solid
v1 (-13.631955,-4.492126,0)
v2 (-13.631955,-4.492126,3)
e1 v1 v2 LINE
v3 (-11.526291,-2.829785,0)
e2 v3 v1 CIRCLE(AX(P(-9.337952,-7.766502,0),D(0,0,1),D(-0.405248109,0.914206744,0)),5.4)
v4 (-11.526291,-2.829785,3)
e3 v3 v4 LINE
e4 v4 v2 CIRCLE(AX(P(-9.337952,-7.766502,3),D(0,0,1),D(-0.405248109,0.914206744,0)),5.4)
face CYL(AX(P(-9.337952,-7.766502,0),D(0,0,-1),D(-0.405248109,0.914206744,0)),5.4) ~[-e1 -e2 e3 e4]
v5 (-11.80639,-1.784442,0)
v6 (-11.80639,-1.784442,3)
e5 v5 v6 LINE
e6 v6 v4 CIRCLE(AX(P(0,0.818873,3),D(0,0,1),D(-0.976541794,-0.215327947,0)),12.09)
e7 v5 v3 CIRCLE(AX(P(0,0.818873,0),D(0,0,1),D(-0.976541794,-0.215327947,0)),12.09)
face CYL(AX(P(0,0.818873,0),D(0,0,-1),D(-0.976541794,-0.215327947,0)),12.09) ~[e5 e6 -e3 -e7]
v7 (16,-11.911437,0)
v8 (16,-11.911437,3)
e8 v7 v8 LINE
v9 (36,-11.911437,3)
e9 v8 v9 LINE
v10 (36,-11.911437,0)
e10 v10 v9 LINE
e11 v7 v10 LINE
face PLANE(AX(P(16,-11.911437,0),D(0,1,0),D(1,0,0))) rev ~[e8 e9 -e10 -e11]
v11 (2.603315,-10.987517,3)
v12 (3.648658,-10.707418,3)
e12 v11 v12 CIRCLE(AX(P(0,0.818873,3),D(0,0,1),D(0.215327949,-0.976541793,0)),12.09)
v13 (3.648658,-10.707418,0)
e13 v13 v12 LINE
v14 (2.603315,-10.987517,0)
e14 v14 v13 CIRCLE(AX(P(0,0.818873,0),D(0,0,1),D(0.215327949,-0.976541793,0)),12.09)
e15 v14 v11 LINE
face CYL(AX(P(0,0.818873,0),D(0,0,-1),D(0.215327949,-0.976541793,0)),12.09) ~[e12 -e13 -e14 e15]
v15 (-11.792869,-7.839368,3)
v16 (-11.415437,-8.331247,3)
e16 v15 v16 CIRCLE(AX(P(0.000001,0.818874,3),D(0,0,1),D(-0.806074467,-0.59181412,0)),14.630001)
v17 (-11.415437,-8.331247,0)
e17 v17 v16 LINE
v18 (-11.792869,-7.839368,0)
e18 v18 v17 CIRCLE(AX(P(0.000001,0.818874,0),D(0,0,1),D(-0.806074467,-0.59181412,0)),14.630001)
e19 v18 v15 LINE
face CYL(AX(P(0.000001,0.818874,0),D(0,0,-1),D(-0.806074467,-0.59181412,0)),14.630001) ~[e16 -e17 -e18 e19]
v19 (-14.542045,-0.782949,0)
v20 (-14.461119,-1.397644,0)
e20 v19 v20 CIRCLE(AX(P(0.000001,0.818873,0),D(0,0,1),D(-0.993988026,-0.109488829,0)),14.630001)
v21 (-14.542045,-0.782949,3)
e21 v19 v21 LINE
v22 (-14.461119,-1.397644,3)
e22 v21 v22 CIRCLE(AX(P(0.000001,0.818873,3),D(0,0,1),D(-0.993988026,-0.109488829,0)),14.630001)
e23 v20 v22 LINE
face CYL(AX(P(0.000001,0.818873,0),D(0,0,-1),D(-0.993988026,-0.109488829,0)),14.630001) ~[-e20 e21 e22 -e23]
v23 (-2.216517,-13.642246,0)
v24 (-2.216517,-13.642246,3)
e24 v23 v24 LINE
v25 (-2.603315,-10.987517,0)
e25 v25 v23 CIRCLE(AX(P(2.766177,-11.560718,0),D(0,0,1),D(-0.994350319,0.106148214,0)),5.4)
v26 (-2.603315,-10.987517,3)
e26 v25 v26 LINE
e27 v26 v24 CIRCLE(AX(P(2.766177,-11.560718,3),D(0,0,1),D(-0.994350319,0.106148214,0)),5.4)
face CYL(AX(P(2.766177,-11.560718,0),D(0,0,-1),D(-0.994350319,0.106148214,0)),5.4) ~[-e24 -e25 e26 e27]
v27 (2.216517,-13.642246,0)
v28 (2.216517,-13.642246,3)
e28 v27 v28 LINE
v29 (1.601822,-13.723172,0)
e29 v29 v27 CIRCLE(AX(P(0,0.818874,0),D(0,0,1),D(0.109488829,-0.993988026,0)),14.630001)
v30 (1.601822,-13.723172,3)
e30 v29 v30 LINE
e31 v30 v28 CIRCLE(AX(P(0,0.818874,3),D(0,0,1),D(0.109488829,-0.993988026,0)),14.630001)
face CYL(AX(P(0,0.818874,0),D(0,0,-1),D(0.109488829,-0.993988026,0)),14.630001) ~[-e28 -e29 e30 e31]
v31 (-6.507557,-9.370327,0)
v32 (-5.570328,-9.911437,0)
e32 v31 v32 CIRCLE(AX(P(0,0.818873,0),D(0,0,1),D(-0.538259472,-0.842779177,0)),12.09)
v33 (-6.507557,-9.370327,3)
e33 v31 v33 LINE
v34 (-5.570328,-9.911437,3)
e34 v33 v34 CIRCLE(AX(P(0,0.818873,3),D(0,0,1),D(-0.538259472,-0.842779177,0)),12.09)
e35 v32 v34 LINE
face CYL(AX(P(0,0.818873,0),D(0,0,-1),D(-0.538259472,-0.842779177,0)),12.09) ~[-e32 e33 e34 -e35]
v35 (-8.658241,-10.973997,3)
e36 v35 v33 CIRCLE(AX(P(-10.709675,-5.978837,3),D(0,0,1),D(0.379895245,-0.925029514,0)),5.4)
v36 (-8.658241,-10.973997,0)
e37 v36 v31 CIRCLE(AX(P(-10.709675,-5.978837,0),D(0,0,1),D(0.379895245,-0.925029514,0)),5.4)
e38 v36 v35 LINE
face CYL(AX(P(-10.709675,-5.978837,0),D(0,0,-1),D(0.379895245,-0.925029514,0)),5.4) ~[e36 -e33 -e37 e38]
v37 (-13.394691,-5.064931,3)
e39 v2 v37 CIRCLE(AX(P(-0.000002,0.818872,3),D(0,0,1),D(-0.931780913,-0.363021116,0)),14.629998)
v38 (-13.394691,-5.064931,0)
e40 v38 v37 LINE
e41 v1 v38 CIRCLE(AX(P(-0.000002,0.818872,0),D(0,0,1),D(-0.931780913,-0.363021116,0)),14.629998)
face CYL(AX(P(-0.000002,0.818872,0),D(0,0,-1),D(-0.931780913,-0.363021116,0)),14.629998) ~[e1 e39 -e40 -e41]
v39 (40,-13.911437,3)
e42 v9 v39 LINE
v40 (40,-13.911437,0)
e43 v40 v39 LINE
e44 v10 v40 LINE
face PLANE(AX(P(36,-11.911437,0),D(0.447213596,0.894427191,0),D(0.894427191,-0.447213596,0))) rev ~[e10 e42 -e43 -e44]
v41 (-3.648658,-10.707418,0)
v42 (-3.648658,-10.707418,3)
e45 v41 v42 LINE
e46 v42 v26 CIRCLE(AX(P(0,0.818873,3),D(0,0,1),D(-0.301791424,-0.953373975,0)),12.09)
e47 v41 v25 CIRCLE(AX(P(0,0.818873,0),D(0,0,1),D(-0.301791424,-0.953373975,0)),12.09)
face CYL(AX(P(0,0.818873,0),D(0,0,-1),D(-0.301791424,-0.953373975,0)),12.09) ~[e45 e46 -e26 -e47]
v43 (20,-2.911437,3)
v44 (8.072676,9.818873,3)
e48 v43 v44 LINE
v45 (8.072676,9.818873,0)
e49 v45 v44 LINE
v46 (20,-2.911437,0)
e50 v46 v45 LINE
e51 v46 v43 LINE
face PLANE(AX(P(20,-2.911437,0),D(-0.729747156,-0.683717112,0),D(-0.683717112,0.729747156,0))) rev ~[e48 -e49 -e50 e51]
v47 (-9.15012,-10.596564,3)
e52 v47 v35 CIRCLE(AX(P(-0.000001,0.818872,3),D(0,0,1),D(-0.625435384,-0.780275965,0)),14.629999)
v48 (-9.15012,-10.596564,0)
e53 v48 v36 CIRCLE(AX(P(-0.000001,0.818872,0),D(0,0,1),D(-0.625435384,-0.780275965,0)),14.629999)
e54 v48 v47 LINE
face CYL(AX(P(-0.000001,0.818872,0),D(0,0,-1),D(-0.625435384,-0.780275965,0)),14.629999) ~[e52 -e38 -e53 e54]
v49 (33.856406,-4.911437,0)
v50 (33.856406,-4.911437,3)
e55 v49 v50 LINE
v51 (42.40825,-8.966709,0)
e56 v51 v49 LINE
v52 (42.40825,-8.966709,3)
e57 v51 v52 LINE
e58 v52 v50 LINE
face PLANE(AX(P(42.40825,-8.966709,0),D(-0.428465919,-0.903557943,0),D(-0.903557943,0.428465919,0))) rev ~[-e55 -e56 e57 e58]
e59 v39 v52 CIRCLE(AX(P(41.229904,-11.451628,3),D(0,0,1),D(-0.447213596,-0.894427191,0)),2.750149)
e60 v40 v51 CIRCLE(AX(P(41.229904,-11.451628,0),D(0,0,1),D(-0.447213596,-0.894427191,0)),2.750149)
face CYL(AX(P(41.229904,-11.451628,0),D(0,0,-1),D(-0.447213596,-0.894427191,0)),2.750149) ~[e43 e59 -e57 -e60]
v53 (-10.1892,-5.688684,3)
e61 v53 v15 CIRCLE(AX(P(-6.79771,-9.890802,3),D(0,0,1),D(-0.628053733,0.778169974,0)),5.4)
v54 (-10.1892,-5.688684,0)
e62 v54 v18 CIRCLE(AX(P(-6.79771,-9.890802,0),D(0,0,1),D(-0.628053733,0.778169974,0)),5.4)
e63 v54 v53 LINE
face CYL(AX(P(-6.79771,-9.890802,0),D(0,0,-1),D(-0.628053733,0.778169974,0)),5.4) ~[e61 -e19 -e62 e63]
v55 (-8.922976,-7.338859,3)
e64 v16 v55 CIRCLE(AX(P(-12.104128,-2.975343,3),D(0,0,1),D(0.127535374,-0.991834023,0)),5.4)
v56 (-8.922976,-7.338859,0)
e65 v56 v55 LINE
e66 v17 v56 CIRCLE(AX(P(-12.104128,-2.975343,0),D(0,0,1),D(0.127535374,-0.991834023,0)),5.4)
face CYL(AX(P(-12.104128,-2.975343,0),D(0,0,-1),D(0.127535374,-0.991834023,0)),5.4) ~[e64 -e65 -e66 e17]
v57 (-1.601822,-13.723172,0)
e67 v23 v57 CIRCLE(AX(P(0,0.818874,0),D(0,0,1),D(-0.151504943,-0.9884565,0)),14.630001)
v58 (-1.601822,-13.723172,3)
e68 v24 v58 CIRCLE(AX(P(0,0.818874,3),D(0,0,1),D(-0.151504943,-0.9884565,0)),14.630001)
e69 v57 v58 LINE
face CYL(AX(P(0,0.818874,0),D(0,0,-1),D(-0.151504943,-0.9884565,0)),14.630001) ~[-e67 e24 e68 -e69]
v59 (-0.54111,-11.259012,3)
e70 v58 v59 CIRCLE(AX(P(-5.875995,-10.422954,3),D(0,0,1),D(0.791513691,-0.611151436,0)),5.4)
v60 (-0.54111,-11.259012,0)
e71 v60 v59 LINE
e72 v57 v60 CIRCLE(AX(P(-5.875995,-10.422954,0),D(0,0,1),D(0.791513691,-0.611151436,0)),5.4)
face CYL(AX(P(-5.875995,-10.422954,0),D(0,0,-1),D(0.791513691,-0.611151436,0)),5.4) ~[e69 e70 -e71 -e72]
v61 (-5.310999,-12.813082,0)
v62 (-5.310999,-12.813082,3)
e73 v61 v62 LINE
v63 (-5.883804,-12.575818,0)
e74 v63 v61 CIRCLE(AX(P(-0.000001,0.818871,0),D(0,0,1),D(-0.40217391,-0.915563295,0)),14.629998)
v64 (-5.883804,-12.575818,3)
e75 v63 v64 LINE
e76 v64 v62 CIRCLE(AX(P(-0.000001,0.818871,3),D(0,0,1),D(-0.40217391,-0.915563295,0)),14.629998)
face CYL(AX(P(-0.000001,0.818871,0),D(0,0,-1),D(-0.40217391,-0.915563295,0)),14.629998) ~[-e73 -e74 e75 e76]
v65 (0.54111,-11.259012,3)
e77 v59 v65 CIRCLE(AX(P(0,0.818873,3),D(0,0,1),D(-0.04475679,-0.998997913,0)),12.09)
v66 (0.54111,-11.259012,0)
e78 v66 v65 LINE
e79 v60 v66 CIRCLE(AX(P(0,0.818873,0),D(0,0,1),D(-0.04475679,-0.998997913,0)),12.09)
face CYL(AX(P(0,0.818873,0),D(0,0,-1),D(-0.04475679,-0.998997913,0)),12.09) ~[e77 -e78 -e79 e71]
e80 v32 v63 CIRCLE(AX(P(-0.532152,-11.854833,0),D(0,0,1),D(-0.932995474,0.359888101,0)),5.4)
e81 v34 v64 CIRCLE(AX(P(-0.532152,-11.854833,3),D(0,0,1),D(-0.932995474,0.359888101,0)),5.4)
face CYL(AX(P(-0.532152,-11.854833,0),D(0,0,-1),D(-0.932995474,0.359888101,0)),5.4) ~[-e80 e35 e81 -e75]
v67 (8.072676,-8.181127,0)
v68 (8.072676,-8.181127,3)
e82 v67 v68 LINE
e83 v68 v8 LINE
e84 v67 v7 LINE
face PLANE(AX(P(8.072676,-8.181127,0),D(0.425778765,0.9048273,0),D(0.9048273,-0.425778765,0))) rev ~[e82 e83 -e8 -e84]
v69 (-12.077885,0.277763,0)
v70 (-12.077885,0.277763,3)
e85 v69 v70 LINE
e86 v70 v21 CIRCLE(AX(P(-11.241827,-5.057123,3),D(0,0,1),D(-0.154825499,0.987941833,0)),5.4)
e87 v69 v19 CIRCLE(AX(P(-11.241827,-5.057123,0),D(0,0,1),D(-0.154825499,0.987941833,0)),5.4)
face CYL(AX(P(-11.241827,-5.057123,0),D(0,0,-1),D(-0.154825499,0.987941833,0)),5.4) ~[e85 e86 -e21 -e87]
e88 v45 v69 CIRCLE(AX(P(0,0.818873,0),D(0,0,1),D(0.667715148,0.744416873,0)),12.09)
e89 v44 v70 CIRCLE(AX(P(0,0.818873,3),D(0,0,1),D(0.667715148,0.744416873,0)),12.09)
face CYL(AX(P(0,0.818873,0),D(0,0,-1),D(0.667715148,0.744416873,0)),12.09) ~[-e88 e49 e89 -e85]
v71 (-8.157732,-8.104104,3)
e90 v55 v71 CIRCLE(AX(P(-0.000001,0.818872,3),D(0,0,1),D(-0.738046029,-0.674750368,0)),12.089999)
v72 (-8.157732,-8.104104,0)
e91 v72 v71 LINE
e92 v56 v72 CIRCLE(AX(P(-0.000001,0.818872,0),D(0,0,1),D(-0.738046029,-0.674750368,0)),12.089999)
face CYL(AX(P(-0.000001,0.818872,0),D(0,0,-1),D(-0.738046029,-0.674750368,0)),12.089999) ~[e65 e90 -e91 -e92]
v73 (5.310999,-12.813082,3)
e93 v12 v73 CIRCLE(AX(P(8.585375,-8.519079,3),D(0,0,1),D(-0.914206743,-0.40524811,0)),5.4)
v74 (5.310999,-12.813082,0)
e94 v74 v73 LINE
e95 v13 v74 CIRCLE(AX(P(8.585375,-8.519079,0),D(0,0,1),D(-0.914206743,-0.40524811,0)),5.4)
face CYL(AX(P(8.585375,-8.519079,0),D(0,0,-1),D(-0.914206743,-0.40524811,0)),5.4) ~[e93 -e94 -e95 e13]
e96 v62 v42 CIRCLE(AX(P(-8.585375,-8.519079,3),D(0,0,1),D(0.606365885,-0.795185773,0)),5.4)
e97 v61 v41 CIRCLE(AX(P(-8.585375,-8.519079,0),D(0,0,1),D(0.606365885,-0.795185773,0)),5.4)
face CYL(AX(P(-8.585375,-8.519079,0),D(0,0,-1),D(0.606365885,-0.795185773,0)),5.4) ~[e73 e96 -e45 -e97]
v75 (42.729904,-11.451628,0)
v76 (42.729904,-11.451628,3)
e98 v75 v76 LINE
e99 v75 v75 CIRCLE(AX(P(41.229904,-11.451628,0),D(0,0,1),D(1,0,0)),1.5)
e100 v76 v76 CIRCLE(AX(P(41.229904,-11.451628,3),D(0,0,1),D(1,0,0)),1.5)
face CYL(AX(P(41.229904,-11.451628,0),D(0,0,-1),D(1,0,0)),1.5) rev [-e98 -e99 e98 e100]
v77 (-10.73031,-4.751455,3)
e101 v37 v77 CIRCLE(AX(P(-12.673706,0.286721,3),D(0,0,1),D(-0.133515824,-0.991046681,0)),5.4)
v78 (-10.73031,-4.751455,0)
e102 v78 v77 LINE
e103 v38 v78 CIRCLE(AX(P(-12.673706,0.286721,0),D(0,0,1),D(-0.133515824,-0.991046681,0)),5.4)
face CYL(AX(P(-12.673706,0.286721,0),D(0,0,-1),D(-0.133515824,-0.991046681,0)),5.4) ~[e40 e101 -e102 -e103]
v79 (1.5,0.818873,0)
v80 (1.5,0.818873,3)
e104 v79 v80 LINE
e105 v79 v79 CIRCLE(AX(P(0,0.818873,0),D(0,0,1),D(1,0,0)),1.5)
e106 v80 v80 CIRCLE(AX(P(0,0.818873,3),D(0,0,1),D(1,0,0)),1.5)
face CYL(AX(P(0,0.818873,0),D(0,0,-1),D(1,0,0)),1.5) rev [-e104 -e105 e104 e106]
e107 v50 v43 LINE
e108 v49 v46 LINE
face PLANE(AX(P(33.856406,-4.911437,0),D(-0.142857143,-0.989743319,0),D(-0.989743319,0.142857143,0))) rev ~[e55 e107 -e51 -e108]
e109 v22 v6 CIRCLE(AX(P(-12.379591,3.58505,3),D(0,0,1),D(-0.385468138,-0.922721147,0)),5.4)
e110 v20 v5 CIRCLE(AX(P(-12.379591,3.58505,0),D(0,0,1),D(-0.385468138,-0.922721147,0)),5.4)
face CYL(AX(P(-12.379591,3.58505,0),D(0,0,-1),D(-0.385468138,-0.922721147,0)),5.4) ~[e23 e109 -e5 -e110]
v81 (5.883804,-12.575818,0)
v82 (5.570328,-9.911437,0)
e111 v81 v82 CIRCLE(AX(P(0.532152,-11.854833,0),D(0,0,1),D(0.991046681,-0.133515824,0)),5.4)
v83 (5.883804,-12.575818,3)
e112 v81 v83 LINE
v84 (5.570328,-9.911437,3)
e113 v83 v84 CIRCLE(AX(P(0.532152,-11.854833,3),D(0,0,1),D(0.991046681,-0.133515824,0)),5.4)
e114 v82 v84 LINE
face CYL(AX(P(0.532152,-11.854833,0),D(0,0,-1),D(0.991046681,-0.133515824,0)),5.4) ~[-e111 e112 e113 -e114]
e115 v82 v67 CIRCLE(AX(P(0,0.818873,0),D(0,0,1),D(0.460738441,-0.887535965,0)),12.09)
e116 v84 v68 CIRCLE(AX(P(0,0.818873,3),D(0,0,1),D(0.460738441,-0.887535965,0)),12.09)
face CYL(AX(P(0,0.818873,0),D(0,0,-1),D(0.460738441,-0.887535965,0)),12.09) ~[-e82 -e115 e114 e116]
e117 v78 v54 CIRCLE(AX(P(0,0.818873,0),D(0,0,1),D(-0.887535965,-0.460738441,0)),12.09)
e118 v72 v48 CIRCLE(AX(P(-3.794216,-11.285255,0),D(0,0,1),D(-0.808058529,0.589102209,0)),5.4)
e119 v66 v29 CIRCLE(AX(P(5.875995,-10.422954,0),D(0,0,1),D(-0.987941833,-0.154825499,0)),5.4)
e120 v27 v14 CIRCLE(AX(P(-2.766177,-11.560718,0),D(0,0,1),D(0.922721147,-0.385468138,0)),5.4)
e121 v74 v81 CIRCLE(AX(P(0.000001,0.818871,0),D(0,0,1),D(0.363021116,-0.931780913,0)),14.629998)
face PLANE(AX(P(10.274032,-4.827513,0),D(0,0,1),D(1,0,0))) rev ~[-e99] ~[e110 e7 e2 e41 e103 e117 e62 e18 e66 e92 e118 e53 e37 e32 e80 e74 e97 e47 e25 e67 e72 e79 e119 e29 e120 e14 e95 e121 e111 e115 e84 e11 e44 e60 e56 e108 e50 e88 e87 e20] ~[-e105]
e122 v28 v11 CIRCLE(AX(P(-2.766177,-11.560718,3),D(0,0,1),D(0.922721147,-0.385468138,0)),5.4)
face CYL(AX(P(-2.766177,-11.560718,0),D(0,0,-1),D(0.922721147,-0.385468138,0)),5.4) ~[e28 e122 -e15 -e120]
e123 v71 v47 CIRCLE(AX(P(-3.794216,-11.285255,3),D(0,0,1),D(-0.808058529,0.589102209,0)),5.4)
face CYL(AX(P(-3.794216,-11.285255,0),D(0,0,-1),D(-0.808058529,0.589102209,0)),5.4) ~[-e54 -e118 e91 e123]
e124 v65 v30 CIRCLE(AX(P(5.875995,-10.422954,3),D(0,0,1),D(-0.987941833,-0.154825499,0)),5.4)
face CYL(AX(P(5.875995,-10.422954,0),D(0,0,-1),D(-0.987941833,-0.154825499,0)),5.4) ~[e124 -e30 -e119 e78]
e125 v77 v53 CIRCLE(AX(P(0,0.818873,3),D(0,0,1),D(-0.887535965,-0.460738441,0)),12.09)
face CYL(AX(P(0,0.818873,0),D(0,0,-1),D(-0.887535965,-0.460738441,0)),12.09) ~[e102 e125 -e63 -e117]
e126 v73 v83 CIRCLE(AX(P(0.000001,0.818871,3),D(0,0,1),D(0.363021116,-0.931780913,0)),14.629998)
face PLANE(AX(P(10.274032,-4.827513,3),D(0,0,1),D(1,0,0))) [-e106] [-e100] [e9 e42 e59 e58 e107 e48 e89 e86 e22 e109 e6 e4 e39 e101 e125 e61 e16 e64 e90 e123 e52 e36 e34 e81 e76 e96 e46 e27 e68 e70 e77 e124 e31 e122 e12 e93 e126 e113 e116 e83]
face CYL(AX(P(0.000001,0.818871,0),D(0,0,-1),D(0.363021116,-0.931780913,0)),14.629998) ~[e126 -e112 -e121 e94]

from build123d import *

# Parameters (mm, degrees)
SKETCH2_R           = 1.5
BOSS_EXTRUDE2_DEPTH = 3


with BuildPart() as part:
    # Sketch2 → Boss-Extrude2 (new body)
    with BuildSketch(Plane.XY):
        with BuildLine():
            Line((33.856406461, -4.911436862), (20, -2.911436862))
            Line((20, -2.911436862), (8.072676136, 9.818872958))
            ThreePointArc((8.072676136, 9.818872958), (-5.173839679, 11.745880003), (-12.077884766, 0.277763382))
            ThreePointArc((-12.077884766, 0.277763382), (-13.37688471, -0.097129684), (-14.542044827, -0.782948586))
            ThreePointArc((-14.542044827, -0.782948586), (-14.504838322, -1.090725234), (-14.461118588, -1.3976444))
            ThreePointArc((-14.461118588, -1.3976444), (-13.158157346, -1.758528961), (-11.806390286, -1.78444193))
            ThreePointArc((-11.806390286, -1.78444193), (-11.67804324, -2.310249297), (-11.526291359, -2.829785359))
            ThreePointArc((-11.526291359, -2.829785359), (-12.683999488, -3.528110178), (-13.631954743, -4.492125996))
            ThreePointArc((-13.631954743, -4.492125996), (-13.516357561, -4.779785658), (-13.394691015, -5.064931306))
            ThreePointArc((-13.394691015, -5.064931306), (-12.042723303, -5.076287839), (-10.73030982, -4.751454786))
            ThreePointArc((-10.73030982, -4.751454786), (-10.470247132, -5.226127042), (-10.189200244, -5.688684064))
            ThreePointArc((-10.189200244, -5.688684064), (-11.126720661, -6.662850955), (-11.792869471, -7.839367605))
            ThreePointArc((-11.792869471, -7.839367605), (-11.606759368, -8.087306749), (-11.415437385, -8.331246676))
            ThreePointArc((-11.415437385, -8.331246676), (-10.106597569, -7.992301252), (-8.922976471, -7.338859012))
            ThreePointArc((-8.922976471, -7.338859012), (-8.548920985, -7.730048027), (-8.15773197, -8.104103513))
            ThreePointArc((-8.15773197, -8.104103513), (-8.81117421, -9.287724611), (-9.150119633, -10.596564427))
            ThreePointArc((-9.150119633, -10.596564427), (-8.906179706, -10.787886411), (-8.658240563, -10.973996513))
            ThreePointArc((-8.658240563, -10.973996513), (-7.481723913, -10.307847704), (-6.507557022, -9.370327286))
            ThreePointArc((-6.507557022, -9.370327286), (-6.045, -9.651374174), (-5.570327744, -9.911436862))
            ThreePointArc((-5.570327744, -9.911436862), (-5.895160797, -11.223850345), (-5.883804264, -12.575818057))
            ThreePointArc((-5.883804264, -12.575818057), (-5.598658616, -12.697484603), (-5.310998954, -12.813081785))
            ThreePointArc((-5.310998954, -12.813081785), (-4.346983136, -11.86512653), (-3.648658316, -10.707418401))
            ThreePointArc((-3.648658316, -10.707418401), (-3.129122255, -10.859170282), (-2.603314888, -10.987517329))
            ThreePointArc((-2.603314888, -10.987517329), (-2.577401919, -12.339284388), (-2.216517358, -13.64224563))
            ThreePointArc((-2.216517358, -13.64224563), (-1.909598192, -13.685965364), (-1.601821544, -13.723171869))
            ThreePointArc((-1.601821544, -13.723171869), (-0.916002642, -12.558011752), (-0.541109576, -11.259011808))
            ThreePointArc((-0.541109576, -11.259011808), (0, -11.271127042), (0.541109576, -11.259011808))
            ThreePointArc((0.541109576, -11.259011808), (0.916002642, -12.558011752), (1.601821544, -13.723171869))
            ThreePointArc((1.601821544, -13.723171869), (1.909598192, -13.685965364), (2.216517358, -13.64224563))
            ThreePointArc((2.216517358, -13.64224563), (2.577401919, -12.339284388), (2.603314888, -10.987517329))
            ThreePointArc((2.603314888, -10.987517329), (3.129122255, -10.859170282), (3.648658316, -10.707418401))
            ThreePointArc((3.648658316, -10.707418401), (4.346983136, -11.86512653), (5.310998954, -12.813081785))
            ThreePointArc((5.310998954, -12.813081785), (5.598658616, -12.697484603), (5.883804264, -12.575818057))
            ThreePointArc((5.883804264, -12.575818057), (5.895160797, -11.223850345), (5.570327744, -9.911436862))
            ThreePointArc((5.570327744, -9.911436862), (6.876145849, -9.125307162), (8.072676136, -8.181127042))
            Line((8.072676136, -8.181127042), (16, -11.911436862))
            Line((16, -11.911436862), (36, -11.911436862))
            Line((36, -11.911436862), (40, -13.911436862))
            ThreePointArc((40, -13.911436862), (43.70240259, -12.65581862), (42.40824957, -8.966708962))
            Line((42.40824957, -8.966708962), (33.856406461, -4.911436862))
        make_face()
        with Locations((41.229904242, -11.451628378)):
            Circle(SKETCH2_R, mode=Mode.SUBTRACT)
        with Locations((0, 0.818872958)):
            Circle(SKETCH2_R, mode=Mode.SUBTRACT)
    extrude(amount=BOSS_EXTRUDE2_DEPTH)


solid = part.part
